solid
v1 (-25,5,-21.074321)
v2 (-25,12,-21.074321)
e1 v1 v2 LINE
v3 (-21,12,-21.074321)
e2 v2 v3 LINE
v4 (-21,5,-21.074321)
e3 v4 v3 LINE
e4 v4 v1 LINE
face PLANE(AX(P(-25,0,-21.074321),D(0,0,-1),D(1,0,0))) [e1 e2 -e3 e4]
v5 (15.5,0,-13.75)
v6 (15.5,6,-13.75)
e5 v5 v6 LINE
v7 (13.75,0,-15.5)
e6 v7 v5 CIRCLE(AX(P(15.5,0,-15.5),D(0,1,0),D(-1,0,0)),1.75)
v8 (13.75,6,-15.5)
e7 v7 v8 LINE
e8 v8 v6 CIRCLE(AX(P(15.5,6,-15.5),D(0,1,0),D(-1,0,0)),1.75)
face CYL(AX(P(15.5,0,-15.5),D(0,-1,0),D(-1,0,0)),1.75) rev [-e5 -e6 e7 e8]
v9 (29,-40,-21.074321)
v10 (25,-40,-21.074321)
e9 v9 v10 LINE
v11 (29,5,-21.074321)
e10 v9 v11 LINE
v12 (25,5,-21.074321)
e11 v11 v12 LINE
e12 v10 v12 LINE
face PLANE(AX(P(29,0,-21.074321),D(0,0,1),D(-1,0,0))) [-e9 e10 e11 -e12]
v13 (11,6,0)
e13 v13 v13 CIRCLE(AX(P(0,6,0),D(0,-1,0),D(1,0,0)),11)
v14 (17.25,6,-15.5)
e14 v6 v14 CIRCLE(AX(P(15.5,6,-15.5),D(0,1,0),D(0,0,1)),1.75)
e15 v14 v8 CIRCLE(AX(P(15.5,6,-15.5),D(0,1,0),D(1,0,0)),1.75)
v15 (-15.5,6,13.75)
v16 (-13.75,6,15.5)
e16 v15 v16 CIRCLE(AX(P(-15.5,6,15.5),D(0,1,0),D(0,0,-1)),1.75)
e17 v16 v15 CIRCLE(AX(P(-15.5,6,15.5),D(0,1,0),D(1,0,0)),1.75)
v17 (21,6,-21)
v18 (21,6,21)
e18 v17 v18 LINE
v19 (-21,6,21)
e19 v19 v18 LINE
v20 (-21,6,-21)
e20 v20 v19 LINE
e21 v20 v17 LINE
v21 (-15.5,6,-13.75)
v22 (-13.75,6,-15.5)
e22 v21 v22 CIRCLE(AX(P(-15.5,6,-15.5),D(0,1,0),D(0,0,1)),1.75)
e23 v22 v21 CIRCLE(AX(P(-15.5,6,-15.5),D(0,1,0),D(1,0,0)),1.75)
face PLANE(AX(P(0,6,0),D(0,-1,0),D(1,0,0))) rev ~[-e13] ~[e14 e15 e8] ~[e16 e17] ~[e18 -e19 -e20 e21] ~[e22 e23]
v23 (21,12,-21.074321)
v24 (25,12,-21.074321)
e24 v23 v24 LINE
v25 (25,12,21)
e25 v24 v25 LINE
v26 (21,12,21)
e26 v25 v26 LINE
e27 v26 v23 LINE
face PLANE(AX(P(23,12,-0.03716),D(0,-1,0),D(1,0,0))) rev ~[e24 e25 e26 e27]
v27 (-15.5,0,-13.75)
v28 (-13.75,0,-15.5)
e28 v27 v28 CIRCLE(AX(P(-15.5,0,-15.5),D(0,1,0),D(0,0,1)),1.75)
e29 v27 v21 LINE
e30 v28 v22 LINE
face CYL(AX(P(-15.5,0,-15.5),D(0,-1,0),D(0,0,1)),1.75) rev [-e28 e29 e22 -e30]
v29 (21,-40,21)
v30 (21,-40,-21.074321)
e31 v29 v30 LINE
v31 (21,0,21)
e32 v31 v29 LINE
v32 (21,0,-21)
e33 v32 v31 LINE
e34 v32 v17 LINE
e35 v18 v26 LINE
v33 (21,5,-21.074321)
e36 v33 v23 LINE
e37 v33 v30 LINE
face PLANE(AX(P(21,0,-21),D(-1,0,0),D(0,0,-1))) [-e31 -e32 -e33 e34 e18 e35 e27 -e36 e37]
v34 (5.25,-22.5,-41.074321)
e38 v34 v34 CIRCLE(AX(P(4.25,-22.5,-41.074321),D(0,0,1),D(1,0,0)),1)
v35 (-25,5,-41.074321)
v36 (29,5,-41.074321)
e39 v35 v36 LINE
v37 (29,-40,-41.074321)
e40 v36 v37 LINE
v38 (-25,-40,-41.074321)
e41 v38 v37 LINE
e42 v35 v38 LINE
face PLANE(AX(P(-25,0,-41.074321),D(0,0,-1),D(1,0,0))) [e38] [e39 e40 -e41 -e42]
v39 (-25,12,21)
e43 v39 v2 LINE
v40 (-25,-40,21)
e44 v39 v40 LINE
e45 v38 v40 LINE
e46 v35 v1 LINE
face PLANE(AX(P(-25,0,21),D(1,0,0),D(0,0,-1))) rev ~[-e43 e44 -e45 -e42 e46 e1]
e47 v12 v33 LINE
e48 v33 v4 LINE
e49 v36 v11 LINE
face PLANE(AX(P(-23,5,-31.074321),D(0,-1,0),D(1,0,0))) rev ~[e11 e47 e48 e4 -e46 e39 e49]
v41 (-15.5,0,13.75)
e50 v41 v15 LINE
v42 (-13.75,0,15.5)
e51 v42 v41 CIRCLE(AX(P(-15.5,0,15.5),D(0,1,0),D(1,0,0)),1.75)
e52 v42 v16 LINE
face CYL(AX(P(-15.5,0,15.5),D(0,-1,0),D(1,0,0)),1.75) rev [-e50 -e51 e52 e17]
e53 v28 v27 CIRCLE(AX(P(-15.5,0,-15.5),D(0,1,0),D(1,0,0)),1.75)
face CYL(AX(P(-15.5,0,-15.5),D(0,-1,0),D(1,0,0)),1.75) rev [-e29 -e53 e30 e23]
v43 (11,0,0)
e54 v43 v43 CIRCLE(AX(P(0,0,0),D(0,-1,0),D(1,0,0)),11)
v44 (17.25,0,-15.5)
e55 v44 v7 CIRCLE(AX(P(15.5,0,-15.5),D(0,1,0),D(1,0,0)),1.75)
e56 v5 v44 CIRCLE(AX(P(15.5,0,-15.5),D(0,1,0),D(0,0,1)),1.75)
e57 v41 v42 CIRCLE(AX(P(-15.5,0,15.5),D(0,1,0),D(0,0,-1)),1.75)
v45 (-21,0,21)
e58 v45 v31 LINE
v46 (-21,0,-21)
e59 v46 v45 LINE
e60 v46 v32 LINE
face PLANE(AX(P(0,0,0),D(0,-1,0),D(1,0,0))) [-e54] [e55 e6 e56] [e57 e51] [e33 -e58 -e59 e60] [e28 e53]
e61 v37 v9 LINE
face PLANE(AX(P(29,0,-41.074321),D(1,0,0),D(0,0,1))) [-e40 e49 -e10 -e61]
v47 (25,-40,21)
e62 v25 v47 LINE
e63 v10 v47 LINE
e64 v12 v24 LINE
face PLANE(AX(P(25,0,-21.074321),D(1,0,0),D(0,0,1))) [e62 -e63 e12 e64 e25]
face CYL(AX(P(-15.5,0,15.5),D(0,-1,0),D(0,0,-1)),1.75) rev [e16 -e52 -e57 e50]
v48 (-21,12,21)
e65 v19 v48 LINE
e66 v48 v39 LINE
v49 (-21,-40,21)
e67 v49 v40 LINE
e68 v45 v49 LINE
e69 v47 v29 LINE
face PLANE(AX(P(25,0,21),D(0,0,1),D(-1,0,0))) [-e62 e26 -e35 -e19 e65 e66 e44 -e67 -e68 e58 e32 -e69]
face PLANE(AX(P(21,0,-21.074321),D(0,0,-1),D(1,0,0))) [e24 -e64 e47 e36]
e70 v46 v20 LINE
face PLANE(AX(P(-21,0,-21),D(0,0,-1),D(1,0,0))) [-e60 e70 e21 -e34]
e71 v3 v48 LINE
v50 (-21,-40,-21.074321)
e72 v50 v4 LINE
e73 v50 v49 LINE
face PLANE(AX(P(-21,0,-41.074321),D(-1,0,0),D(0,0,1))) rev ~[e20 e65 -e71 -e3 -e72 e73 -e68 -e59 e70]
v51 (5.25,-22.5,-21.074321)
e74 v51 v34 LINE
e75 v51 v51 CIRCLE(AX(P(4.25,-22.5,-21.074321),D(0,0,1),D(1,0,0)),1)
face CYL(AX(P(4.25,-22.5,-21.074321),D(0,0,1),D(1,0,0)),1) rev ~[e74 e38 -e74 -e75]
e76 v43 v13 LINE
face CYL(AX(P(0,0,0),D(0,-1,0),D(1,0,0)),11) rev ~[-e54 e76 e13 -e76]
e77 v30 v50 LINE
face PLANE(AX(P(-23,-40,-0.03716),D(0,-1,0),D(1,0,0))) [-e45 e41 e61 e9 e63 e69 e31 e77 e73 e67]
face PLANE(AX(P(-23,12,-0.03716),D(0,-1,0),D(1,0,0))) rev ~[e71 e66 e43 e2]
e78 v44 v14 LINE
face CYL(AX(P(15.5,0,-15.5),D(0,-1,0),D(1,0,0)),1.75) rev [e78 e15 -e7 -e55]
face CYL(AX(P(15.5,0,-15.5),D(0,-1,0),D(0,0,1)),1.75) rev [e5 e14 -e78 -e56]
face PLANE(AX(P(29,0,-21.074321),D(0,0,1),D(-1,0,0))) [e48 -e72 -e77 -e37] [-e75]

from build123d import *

# Parameters (mm, degrees)
F0_W     = 42
F0_H     = 42
F0_R     = 11
F1_DEPTH = 6
F0_W_2   = 4
F0_H_2   = 20
F2_DEPTH = 40
F3_DEPTH = 5
F4_DEPTH = 40
F6_R     = 1
F7_DEPTH = 25
F8_DEPTH = 12


with BuildPart() as f1:
    # F0 (on Front) → F1 (new body)
    with BuildSketch(Plane.XZ):
        Rectangle(F0_W, F0_H)
        with BuildLine():
            ThreePointArc((-15.5, 13.75), (-16.7374368671, 16.7374368671), (-13.75, 15.5))
            Line((-13.75, 15.5), (15.5, 15.5))
            Line((15.5, 15.5), (15.5, -13.75))
            ThreePointArc((15.5, -13.75), (16.7374368671, -14.2625631329), (17.25, -15.5))
            ThreePointArc((17.25, -15.5), (15.5, -17.25), (13.75, -15.5))
            Line((13.75, -15.5), (-13.75, -15.5))
            ThreePointArc((-13.75, -15.5), (-16.7374368671, -16.7374368671), (-15.5, -13.75))
            Line((-15.5, -13.75), (-15.5, 13.75))
        make_face(mode=Mode.SUBTRACT)
        with BuildLine():
            Line((15.5, 15.5), (-13.75, 15.5))
            ThreePointArc((-13.75, 15.5), (-14.2625631329, 14.2625631329), (-15.5, 13.75))
            Line((-15.5, 13.75), (-15.5, -13.75))
            ThreePointArc((-15.5, -13.75), (-14.2625631329, -14.2625631329), (-13.75, -15.5))
            Line((-13.75, -15.5), (13.75, -15.5))
            ThreePointArc((13.75, -15.5), (14.2625631329, -14.2625631329), (15.5, -13.75))
            Line((15.5, -13.75), (15.5, 15.5))
        make_face()
        Circle(F0_R, mode=Mode.SUBTRACT)
    extrude(amount=-F1_DEPTH)



with BuildPart() as f2:
    # F0 (on Front) → F2 (new body)
    with BuildSketch(Plane.XZ):
        with Locations((-23, -31.0743206739)):
            Rectangle(F0_W_2, F0_H_2)
        with Locations((0, -31.0743206739)):
            Rectangle(F0_W, F0_H_2)
        with Locations((23, -31.0743206739)):
            Rectangle(F0_W_2, F0_H_2)
        with Locations((27, -31.0743206739)):
            Rectangle(F0_W_2, F0_H_2)
    extrude(amount=F2_DEPTH)

    # F3 (add): a face of the model
    f3_faces = [f2.faces().sort_by_distance(p)[0] for p in [
        (2, 0, -31.0743206739),
    ]]
    extrude(f3_faces, amount=F3_DEPTH)


with BuildPart() as f1_1:
    add(f1.part)

    add(f2.part)  # F4 merges F2
    # F0 (on Front) → F4 (join)
    with BuildSketch(Plane.XZ):
        Polygon((-21, -21), (-21, 21), (-25, 21), (-25, -21.0743206739), (-21, -21.0743206739), align=None)
        with Locations((-23, -31.0743206739)):
            Rectangle(F0_W_2, F0_H_2)
        Polygon((25, 21), (21, 21), (21, -21), (21, -21.0743206739), (25, -21.0743206739), align=None)
        with Locations((23, -31.0743206739)):
            Rectangle(F0_W_2, F0_H_2)
    extrude(amount=F4_DEPTH)

    # F5: union 

    # F6 (on face) → F7 (cut)
    with BuildSketch(Plane.XY.offset(-21.0743206739)):
        with Locations((4.25, -22.5)):
            Circle(F6_R)
    extrude(amount=-F7_DEPTH, mode=Mode.SUBTRACT)

    # F8 (add): faces of the model
    f8_faces = [f1_1.faces().sort_by_distance(p)[0] for p in [
        (23, 0, -0.037160337),
        (-23, 0, -0.037160337),
    ]]
    extrude(f8_faces, amount=F8_DEPTH)


solid = f1_1.part
